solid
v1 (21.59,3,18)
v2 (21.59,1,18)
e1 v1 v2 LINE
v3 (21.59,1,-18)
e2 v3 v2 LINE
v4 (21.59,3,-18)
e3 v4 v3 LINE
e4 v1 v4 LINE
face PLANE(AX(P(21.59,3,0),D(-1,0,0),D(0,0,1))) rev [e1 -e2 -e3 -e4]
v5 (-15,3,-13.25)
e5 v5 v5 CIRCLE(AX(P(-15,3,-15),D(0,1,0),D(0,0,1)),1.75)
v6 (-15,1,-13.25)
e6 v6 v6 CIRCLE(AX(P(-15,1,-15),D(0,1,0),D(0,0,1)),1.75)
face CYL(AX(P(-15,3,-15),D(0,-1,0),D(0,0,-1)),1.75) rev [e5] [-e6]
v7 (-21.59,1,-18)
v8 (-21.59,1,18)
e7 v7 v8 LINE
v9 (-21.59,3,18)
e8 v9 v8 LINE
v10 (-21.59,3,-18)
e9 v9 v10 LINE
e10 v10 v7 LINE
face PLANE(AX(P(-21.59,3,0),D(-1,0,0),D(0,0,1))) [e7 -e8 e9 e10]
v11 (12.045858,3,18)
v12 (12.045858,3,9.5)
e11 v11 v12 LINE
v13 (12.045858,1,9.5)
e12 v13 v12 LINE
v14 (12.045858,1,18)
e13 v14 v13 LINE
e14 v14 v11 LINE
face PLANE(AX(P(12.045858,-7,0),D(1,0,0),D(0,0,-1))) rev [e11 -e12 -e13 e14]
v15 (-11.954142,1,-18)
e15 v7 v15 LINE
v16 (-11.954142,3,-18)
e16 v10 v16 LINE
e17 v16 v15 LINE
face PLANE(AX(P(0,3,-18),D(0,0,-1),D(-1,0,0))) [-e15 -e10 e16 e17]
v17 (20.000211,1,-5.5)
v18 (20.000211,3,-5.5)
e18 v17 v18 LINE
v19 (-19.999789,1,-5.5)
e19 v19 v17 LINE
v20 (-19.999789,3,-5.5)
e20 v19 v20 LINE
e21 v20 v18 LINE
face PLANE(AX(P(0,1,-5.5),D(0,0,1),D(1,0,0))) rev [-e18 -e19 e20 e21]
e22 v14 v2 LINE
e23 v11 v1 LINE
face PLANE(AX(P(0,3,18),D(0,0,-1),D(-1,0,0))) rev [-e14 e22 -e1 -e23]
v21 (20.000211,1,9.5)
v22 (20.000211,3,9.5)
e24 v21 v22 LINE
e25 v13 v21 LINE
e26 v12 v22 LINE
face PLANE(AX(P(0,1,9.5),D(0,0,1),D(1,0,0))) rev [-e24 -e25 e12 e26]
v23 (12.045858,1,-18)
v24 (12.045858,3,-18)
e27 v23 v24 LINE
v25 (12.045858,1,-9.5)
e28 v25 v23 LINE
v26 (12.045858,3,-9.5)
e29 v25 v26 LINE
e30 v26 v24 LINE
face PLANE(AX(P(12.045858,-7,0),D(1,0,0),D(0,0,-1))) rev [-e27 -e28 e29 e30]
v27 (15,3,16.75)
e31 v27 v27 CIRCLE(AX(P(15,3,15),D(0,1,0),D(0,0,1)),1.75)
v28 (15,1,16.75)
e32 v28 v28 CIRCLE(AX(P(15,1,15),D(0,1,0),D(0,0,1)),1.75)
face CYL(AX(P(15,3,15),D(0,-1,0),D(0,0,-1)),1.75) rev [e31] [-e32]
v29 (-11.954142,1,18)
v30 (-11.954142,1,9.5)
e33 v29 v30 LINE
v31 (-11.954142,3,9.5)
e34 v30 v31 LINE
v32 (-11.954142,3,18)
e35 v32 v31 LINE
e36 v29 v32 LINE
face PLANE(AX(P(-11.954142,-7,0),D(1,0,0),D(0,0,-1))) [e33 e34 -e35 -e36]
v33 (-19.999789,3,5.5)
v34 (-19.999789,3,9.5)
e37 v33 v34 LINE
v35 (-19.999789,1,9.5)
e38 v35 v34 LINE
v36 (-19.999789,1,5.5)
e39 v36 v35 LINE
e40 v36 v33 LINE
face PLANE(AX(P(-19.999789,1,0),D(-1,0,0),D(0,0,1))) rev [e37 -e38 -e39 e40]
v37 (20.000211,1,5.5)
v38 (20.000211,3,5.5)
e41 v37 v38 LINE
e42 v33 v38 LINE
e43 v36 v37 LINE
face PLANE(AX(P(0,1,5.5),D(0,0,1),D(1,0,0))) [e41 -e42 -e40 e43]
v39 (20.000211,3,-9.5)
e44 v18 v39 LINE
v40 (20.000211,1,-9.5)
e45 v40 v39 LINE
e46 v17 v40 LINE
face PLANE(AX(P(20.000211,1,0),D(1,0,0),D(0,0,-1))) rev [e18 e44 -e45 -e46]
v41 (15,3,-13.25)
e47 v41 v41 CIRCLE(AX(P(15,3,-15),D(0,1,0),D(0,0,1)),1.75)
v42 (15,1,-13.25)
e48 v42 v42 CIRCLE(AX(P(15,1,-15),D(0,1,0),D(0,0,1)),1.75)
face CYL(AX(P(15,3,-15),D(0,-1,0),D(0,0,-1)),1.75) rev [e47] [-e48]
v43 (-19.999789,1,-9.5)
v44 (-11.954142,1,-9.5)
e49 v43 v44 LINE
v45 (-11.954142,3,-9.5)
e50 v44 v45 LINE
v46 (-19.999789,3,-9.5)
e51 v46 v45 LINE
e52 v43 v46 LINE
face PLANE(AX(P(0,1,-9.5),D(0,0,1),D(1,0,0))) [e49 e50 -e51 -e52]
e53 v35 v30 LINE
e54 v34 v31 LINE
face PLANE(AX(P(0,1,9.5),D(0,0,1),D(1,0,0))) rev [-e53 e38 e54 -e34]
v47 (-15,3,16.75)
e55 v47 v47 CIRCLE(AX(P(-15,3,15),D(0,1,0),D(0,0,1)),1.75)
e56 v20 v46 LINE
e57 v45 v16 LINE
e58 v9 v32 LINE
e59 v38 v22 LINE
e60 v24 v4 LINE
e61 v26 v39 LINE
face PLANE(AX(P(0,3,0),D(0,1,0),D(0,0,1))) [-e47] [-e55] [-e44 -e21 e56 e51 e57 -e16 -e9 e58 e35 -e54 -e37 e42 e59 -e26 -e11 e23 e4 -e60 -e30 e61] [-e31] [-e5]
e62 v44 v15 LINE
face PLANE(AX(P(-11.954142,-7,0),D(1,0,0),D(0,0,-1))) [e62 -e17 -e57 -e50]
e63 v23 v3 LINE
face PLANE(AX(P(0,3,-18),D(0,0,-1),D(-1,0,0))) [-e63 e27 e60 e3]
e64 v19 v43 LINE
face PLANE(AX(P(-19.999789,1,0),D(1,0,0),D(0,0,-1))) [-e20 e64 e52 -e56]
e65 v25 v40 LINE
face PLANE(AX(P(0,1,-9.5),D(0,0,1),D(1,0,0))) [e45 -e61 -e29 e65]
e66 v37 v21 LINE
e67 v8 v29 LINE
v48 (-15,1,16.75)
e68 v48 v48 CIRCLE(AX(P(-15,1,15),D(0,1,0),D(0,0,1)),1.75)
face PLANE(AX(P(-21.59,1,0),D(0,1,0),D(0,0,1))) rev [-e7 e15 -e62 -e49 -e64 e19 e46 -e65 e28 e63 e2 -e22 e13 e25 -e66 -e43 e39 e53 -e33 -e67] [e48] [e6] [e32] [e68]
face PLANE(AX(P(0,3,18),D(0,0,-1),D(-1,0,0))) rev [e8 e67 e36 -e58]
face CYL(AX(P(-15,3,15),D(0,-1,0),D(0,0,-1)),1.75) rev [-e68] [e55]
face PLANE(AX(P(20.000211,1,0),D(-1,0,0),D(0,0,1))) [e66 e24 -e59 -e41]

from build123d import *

# Parameters (mm, degrees)
SKETCH1_R           = 1.75
BOSS_EXTRUDE3_DEPTH = 3
SKETCH4_W           = 38.009499712
SKETCH4_H           = 2.5
CUT_EXTRUDE7_DEPTH  = 29.268853886
SKETCH7_W           = 36
SKETCH7_H           = 1
CUT_EXTRUDE8_DEPTH  = 47.877632193
SKETCH9_W           = 39.982004405
SKETCH9_H           = 3.901650926
SKETCH9_W_2         = 38.509499712
SKETCH9_H_2         = 2.8
SKETCH9_W_3         = 37.982004405
SKETCH9_H_3         = 0.55
CUT_EXTRUDE9_DEPTH  = 10
SKETCH10_W          = 40
SKETCH10_H          = 4
SKETCH10_W_2        = 39.982004405
SKETCH10_H_2        = 3.901650926
CUT_EXTRUDE11_DEPTH = 29.180278565
SKETCH11_W          = 20
SKETCH11_H          = 3.116121774
CUT_EXTRUDE12_DEPTH = 10
SKETCH12_W          = 2
SKETCH12_H          = 8.5
CUT_EXTRUDE15_DEPTH = 10


with BuildPart() as part:
    # Sketch1 → Boss-Extrude3 (new body)
    # profile 1 of 2: a face of its own
    with BuildSketch(Plane(origin=(0, 0, 0), x_dir=(1, 0, 0), z_dir=(0, 1, 0))):
        Polygon((-21.59, 18), (-21.59, 0), (0, 0), (21.59, 0), (21.59, 18), (18.04585781, 18), (10.04585781, 18), (10.04585781, 12.616121774), (-9.95414219, 12.616121774), (-9.95414219, 18), (-17.95414219, 18), align=None)
        with Locations(Location((-15, 15, 0), (0, 0, 270))):
            Circle(SKETCH1_R, mode=Mode.SUBTRACT)
        Polygon((18.504745017, 6.25), (0, 6.25), (-18.5, 6.25), (-19.004539265, 6.25), (-19.004539265, 8.75), (-18.5, 8.75), (0.002372509, 8.75), (18.504745017, 8.75), (19.004960447, 8.75), (19.004960447, 6.25), align=None, mode=Mode.SUBTRACT)
        with Locations(Location((15, 15, 0), (0, 0, 270))):
            Circle(SKETCH1_R, mode=Mode.SUBTRACT)
    # profile 2 of 2: a face of its own
    with BuildSketch(Plane(origin=(0, 0, 0), x_dir=(1, 0, 0), z_dir=(0, 1, 0))):
        Polygon((0, 0), (-21.59, 0), (-21.59, -18), (-17.95414219, -18), (-9.95414219, -18), (-9.95414219, -12.616121774), (10.04585781, -12.616121774), (10.04585781, -18), (18.04585781, -18), (21.59, -18), (21.59, 0), align=None)
        with Locations(Location((-15, -15, 0), (0, 0, 270))):
            Circle(SKETCH1_R, mode=Mode.SUBTRACT)
        with Locations(Location((15, -15, 0), (0, 0, 270))):
            Circle(SKETCH1_R, mode=Mode.SUBTRACT)
        Polygon((18.504745017, -6.25), (19.004960447, -6.25), (19.004960447, -8.75), (18.504745017, -8.75), (-18.5, -8.75), (-19.004539265, -8.75), (-19.004539265, -6.25), (-18.5, -6.25), align=None, mode=Mode.SUBTRACT)
    extrude(amount=BOSS_EXTRUDE3_DEPTH)

    # Sketch4 → Cut-Extrude7 (cut, through all)
    # profile 1 of 3: a face of its own
    with BuildSketch(Plane(origin=(0, 3, 0), x_dir=(1, 0, 0), z_dir=(0, 1, 0))):
        Polygon((19.004960447, 6.1), (19.254960447, 6.1), (19.254960447, 8.882786661), (19.254960447, 8.9), (19.004960447, 8.9), (-19.004539265, 8.9), (-19.254539265, 8.9), (-19.254539265, 6.1), (-19.004539265, 6.1), align=None)
        with Locations((0.000210591, 7.5)):
            Rectangle(SKETCH4_W, SKETCH4_H, mode=Mode.SUBTRACT)
    # profile 2 of 3: a face of its own
    with BuildSketch(Plane(origin=(0, 3, 0), x_dir=(1, 0, 0), z_dir=(0, 1, 0))):
        with Locations((0.000210591, 7.5)):
            Rectangle(SKETCH4_W, SKETCH4_H)
    # profile 3 of 3: a face of its own
    with BuildSketch(Plane(origin=(0, 3, 0), x_dir=(1, 0, 0), z_dir=(0, 1, 0))):
        Polygon((-19.254539265, -6.1), (-19.254539265, -8.9), (-19.004539265, -8.9), (19.004960447, -8.9), (19.254960447, -8.9), (19.254960447, -6.1), (19.004960447, -6.1), (-19.004539265, -6.1), align=None)
        with Locations((0.000210591, -7.5)):
            Rectangle(SKETCH4_W, SKETCH4_H, mode=Mode.SUBTRACT)
    extrude(amount=-CUT_EXTRUDE7_DEPTH, mode=Mode.SUBTRACT)

    # Sketch7 → Cut-Extrude8 (cut, through all)
    with BuildSketch(Plane(origin=(21.59, 0, 0), x_dir=(0, 0, -1), z_dir=(1, 0, 0))):
        with Locations((0, 0.5)):
            Rectangle(SKETCH7_W, SKETCH7_H)
    extrude(amount=-CUT_EXTRUDE8_DEPTH, mode=Mode.SUBTRACT)

    # Sketch9 → Cut-Extrude9 (cut)
    # profile 1 of 4: a face of its own
    with BuildSketch(Plane(origin=(0, 3, 0), x_dir=(1, 0, 0), z_dir=(0, 1, 0))):
        with Locations((0.000210592, 7.5)):
            Rectangle(SKETCH9_W, SKETCH9_H)
        with Locations((0.000210591, 7.5)):
            Rectangle(SKETCH9_W_2, SKETCH9_H_2, mode=Mode.SUBTRACT)
    # profile 2 of 4: a face of its own
    with BuildSketch(Plane(origin=(0, 3, 0), x_dir=(1, 0, 0), z_dir=(0, 1, 0))):
        with Locations((0.000210592, -7.5)):
            Rectangle(SKETCH9_W, SKETCH9_H)
        Polygon((-19.254539265, -8.9), (-19.254539265, -6.1), (-18.990791611, -6.1), (-18.990791611, -5.55), (18.991212794, -5.55), (18.991212794, -6.1), (19.254960447, -6.1), (19.254960447, -8.9), (18.991212794, -8.9), (18.991212794, -9.45), (-18.990791611, -9.45), (-18.990791611, -8.9), align=None, mode=Mode.SUBTRACT)
    # profile 3 of 4: a face of its own
    with BuildSketch(Plane(origin=(0, 3, 0), x_dir=(1, 0, 0), z_dir=(0, 1, 0))):
        with Locations((0.000210592, -5.825)):
            Rectangle(SKETCH9_W_3, SKETCH9_H_3)
    # profile 4 of 4: a face of its own
    with BuildSketch(Plane(origin=(0, 3, 0), x_dir=(1, 0, 0), z_dir=(0, 1, 0))):
        with Locations((0.000210592, -9.175)):
            Rectangle(SKETCH9_W_3, SKETCH9_H_3)
    extrude(amount=-CUT_EXTRUDE9_DEPTH, mode=Mode.SUBTRACT)

    # Sketch10 → Cut-Extrude11 (cut, through all)
    # profile 1 of 3: a face of its own
    with BuildSketch(Plane(origin=(0, 3, 0), x_dir=(1, 0, 0), z_dir=(0, 1, 0))):
        with Locations((0.000210591, -7.5)):
            Rectangle(SKETCH10_W, SKETCH10_H)
        with Locations((0.000210592, -7.5)):
            Rectangle(SKETCH10_W_2, SKETCH10_H_2, mode=Mode.SUBTRACT)
    # profile 2 of 3: a face of its own
    with BuildSketch(Plane(origin=(0, 3, 0), x_dir=(1, 0, 0), z_dir=(0, 1, 0))):
        with Locations((0.000210591, 7.5)):
            Rectangle(SKETCH10_W, SKETCH10_H)
        with Locations((0.000210592, 7.5)):
            Rectangle(SKETCH10_W_2, SKETCH10_H_2, mode=Mode.SUBTRACT)
    # profile 3 of 3: a face of its own
    with BuildSketch(Plane(origin=(0, 3, 0), x_dir=(1, 0, 0), z_dir=(0, 1, 0))):
        with Locations((0.000210592, 7.5)):
            Rectangle(SKETCH10_W_2, SKETCH10_H_2)
    extrude(amount=-CUT_EXTRUDE11_DEPTH, mode=Mode.SUBTRACT)

    # Sketch11 → Cut-Extrude12 (cut)
    with BuildSketch(Plane(origin=(0, 3, 0), x_dir=(1, 0, 0), z_dir=(0, 1, 0))):
        with Locations((0.04585781, -11.058060887)):
            Rectangle(SKETCH11_W, SKETCH11_H)
        with Locations((0.04585781, 11.058060887)):
            Rectangle(SKETCH11_W, SKETCH11_H)
    extrude(amount=-CUT_EXTRUDE12_DEPTH, mode=Mode.SUBTRACT)

    # Sketch12 → Cut-Extrude15 (cut)
    with BuildSketch(Plane(origin=(0, 3, 0), x_dir=(1, 0, 0), z_dir=(0, 1, 0))):
        with Locations((-10.95414219, -13.75)):
            Rectangle(SKETCH12_W, SKETCH12_H)
        with Locations((-10.95414219, 13.75)):
            Rectangle(SKETCH12_W, SKETCH12_H)
        with Locations((11.04585781, 13.75)):
            Rectangle(SKETCH12_W, SKETCH12_H)
        Polygon((10.04585781, -9.65592739), (10.04585781, -18), (12.04585781, -18), (12.04585781, -9.65592739), (12.04585781, -9.5), (10.04585781, -9.5), align=None)
    extrude(amount=-CUT_EXTRUDE15_DEPTH, mode=Mode.SUBTRACT)


solid = part.part
